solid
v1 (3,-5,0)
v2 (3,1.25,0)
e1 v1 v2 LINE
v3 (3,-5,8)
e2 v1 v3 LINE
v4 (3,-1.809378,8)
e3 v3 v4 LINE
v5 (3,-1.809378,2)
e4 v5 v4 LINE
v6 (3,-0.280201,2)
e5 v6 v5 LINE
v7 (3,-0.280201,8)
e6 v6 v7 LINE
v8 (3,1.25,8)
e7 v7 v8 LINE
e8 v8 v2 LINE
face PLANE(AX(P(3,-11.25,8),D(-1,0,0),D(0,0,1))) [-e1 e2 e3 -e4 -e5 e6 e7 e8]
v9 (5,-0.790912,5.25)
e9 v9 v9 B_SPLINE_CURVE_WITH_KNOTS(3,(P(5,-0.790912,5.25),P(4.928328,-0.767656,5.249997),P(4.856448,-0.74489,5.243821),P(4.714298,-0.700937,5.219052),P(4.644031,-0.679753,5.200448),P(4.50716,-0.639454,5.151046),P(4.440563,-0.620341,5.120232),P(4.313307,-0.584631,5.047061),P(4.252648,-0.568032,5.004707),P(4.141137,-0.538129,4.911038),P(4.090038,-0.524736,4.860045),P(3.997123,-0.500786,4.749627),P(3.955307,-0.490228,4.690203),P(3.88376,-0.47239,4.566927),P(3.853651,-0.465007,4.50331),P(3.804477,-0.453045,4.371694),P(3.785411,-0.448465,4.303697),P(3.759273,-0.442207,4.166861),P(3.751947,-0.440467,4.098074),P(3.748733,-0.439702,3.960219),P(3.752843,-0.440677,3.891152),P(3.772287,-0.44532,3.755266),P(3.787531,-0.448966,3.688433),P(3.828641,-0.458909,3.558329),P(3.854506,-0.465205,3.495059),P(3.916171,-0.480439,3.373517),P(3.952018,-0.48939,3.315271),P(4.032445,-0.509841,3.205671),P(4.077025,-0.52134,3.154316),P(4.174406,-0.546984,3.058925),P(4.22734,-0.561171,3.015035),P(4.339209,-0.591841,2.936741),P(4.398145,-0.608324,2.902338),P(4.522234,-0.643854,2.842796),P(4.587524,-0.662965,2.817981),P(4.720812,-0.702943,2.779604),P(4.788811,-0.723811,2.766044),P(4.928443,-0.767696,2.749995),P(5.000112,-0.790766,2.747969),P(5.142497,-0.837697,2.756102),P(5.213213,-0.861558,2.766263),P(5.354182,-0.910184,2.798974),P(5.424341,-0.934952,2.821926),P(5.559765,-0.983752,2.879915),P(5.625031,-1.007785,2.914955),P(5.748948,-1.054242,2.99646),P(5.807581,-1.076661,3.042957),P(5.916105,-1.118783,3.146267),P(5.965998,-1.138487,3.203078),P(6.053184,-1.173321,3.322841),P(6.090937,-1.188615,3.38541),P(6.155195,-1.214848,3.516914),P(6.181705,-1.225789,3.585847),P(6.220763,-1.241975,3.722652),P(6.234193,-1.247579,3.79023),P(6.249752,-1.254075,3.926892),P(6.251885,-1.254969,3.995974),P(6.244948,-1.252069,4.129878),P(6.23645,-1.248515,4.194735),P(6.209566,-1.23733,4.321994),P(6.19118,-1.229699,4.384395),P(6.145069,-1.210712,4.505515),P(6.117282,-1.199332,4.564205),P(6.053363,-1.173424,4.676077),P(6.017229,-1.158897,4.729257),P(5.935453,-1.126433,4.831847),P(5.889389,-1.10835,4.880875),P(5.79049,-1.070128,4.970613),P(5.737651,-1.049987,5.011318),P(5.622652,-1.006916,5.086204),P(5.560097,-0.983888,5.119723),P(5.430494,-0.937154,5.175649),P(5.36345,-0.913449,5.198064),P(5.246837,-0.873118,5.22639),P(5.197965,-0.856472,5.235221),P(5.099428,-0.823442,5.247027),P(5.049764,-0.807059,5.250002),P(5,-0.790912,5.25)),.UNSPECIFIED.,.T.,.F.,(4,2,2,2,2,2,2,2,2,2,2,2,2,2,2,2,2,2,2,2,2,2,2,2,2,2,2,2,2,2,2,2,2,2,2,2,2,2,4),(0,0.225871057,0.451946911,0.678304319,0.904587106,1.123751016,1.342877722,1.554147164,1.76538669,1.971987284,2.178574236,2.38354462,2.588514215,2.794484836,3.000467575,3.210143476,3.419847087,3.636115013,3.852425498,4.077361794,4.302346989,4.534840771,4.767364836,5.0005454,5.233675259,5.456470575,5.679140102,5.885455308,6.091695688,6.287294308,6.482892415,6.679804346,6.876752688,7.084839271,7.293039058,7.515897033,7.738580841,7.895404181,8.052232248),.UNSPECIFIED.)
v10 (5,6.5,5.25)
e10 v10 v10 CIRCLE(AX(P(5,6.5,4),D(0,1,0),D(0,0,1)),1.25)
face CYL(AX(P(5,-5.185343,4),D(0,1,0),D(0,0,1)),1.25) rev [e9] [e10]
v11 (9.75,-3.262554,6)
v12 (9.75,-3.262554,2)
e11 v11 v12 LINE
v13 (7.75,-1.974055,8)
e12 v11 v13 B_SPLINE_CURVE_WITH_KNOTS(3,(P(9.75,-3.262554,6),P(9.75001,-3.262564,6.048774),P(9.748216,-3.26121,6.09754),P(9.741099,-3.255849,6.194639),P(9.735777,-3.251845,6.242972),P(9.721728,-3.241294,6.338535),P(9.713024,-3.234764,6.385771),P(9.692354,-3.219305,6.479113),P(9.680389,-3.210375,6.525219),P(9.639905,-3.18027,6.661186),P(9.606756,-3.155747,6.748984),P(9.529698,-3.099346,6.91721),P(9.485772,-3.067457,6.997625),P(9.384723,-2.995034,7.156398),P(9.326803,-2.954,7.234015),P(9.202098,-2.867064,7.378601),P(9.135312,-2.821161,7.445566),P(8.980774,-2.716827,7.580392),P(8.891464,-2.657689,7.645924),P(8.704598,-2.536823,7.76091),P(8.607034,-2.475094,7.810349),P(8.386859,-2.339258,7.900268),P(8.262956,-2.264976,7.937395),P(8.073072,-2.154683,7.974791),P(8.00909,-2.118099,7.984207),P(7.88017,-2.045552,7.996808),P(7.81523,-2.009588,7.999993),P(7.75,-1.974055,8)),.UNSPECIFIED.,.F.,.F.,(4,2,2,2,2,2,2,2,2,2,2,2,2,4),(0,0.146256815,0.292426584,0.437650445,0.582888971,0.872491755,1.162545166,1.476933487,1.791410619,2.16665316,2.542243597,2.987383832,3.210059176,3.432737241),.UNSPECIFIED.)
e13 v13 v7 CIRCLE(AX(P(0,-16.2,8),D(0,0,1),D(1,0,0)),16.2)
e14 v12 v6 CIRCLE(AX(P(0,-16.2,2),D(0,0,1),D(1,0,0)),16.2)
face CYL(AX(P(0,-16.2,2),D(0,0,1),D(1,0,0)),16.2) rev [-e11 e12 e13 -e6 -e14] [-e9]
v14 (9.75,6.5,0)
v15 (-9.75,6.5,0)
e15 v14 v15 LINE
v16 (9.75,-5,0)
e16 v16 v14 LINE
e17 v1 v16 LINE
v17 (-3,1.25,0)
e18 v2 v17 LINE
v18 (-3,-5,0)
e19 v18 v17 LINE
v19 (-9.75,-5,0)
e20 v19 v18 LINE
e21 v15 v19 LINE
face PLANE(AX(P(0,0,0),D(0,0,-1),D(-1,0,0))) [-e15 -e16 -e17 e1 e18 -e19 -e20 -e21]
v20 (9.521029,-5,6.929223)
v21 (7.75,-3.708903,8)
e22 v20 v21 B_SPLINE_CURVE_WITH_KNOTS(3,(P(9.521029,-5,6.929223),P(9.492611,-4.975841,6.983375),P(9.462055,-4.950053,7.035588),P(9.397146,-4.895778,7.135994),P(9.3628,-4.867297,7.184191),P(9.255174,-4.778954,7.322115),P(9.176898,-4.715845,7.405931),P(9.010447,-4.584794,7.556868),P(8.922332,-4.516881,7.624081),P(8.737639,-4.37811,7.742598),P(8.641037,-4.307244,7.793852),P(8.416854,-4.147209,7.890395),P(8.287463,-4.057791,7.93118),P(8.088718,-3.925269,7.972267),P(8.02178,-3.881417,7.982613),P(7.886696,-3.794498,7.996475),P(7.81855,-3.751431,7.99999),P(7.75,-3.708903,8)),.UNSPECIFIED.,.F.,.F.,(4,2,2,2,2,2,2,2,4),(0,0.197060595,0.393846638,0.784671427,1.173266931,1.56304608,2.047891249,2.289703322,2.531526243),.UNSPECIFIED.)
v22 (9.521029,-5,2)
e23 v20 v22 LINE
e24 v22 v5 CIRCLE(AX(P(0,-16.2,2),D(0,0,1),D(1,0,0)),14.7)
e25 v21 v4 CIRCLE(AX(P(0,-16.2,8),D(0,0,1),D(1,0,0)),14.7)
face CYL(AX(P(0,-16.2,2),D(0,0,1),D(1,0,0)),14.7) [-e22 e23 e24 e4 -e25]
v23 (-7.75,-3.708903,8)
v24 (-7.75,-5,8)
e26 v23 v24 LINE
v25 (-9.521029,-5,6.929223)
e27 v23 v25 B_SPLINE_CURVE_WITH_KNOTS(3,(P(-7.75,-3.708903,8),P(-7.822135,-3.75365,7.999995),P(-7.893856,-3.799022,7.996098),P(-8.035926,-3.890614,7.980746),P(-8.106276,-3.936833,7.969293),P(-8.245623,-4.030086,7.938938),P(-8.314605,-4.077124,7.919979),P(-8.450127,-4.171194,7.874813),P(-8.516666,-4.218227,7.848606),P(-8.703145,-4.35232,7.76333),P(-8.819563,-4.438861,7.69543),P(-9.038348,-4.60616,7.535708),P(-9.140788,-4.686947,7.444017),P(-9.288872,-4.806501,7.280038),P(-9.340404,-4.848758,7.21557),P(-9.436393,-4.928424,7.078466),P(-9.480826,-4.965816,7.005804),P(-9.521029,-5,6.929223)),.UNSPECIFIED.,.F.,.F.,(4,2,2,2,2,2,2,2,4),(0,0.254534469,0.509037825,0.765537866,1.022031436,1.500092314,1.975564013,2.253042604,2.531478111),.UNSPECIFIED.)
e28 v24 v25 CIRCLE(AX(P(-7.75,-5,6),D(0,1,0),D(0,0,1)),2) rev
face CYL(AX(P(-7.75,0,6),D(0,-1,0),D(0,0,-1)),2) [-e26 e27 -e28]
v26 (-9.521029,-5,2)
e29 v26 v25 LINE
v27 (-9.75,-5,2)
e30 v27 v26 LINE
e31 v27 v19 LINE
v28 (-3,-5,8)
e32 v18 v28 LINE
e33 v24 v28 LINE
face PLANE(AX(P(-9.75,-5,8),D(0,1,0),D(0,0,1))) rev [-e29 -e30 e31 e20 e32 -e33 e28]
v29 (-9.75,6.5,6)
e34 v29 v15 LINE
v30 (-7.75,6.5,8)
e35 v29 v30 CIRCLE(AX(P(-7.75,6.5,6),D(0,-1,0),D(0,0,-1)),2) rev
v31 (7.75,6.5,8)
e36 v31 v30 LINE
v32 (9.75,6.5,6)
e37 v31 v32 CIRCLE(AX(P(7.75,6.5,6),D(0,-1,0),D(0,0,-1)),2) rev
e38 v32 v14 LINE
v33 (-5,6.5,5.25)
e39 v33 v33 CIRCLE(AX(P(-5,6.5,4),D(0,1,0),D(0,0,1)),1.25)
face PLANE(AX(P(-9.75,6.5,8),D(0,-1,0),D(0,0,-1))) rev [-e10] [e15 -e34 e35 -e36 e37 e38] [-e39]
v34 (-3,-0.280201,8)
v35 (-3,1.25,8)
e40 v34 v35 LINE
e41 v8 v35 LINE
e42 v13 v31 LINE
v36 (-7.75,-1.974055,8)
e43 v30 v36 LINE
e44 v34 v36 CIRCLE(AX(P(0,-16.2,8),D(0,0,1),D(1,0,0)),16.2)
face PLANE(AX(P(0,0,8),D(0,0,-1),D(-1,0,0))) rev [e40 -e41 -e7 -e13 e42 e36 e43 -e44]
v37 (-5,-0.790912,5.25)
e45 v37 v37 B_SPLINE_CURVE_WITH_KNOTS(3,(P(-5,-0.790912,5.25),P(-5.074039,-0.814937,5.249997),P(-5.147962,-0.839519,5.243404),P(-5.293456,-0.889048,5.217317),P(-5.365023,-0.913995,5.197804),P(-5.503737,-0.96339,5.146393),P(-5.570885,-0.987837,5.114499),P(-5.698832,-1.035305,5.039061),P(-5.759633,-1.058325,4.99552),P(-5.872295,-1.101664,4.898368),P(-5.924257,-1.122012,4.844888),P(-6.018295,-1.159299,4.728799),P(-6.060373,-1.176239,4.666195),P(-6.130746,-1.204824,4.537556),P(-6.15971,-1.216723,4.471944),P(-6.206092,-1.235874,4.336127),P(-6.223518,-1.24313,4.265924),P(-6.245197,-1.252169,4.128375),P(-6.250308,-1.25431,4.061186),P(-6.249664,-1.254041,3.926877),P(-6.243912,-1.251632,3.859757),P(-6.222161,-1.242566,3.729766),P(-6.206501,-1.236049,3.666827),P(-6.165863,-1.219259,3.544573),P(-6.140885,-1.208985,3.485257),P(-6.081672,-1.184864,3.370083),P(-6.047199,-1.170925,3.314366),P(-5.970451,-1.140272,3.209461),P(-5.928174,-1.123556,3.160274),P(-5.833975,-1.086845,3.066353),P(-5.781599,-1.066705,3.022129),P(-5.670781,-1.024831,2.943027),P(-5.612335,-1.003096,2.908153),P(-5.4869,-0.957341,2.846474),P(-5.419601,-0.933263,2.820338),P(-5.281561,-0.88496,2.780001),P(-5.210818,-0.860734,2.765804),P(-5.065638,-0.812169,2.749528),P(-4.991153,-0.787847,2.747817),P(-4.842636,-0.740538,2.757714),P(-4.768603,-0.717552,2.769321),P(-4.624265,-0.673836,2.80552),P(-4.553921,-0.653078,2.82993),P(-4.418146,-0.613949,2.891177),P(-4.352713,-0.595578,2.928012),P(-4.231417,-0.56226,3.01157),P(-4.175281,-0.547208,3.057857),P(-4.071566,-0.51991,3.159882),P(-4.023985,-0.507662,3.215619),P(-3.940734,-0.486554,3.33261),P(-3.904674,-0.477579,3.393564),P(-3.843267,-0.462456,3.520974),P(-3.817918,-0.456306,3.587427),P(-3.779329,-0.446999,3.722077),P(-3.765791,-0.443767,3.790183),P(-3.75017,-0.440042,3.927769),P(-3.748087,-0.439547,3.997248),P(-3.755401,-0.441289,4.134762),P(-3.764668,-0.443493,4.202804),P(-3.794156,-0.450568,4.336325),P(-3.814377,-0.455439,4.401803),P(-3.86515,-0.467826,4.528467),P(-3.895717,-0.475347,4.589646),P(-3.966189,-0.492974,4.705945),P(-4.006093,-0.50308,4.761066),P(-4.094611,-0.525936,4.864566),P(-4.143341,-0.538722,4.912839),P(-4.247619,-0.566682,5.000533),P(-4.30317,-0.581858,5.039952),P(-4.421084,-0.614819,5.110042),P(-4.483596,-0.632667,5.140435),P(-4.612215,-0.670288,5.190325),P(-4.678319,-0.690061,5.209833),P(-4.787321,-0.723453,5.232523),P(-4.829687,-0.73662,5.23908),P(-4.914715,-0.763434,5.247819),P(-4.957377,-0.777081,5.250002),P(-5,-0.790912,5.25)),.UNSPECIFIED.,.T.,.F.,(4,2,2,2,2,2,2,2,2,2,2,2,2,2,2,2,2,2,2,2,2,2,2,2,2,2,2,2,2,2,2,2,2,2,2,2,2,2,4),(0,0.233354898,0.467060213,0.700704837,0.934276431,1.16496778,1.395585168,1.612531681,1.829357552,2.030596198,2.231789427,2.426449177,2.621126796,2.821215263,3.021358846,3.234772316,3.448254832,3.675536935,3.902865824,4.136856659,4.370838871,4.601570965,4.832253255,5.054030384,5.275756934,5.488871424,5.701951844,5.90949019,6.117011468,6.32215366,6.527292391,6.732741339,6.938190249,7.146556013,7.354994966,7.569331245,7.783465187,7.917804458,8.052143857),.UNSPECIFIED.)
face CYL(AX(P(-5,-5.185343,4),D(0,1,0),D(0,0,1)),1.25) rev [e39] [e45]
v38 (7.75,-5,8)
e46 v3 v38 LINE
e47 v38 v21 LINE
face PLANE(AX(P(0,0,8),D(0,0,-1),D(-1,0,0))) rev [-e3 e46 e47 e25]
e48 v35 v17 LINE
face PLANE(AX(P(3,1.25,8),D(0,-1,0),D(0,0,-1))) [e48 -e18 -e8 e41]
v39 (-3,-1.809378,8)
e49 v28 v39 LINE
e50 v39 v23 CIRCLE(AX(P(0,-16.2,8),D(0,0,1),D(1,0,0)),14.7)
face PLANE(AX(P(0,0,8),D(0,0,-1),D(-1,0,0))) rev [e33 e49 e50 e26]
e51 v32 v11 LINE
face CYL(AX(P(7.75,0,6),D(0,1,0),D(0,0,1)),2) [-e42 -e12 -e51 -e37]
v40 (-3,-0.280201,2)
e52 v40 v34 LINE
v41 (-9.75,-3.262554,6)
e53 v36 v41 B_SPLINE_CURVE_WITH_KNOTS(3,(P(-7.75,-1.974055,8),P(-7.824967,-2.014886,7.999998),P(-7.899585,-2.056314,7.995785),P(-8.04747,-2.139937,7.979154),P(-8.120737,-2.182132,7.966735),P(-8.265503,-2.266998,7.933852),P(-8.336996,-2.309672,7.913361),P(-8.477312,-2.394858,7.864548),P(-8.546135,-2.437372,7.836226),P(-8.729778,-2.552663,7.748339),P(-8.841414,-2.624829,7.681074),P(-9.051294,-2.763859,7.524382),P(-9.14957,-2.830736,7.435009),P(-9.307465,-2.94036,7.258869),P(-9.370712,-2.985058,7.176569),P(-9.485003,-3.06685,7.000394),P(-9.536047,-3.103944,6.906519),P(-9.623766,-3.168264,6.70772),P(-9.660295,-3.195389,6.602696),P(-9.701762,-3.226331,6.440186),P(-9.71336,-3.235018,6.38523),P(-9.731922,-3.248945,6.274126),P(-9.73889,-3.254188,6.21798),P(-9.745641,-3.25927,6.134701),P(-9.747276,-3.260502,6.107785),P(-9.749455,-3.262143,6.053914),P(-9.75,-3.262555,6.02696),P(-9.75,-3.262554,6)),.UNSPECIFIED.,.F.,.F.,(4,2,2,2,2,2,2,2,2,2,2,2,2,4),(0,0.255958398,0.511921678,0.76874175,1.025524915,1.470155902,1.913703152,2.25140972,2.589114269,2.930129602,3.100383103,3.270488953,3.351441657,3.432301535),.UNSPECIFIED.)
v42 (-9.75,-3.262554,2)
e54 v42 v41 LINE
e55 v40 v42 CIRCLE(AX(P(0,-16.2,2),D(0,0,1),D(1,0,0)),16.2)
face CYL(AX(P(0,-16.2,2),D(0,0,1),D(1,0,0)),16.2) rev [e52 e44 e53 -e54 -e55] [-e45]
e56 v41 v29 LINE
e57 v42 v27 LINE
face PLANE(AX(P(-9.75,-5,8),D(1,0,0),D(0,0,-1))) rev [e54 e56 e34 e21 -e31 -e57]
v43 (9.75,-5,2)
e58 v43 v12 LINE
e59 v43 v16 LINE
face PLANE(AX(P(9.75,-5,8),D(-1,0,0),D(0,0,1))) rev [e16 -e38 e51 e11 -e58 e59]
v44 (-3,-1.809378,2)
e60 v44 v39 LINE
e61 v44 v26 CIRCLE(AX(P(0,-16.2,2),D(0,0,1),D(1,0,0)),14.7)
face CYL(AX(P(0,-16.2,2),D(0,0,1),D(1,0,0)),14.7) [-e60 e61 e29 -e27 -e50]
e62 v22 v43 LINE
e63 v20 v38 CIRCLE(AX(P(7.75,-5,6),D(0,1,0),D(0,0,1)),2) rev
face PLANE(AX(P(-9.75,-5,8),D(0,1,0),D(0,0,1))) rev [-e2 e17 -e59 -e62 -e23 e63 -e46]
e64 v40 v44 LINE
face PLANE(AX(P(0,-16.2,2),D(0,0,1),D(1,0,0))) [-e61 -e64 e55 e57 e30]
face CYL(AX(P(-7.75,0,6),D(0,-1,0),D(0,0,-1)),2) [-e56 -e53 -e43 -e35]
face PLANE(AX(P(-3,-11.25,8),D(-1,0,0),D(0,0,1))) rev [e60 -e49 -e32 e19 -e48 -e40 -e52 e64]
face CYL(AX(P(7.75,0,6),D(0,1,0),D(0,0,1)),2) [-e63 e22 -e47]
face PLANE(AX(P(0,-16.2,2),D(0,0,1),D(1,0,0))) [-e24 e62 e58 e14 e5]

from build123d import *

# Parameters (mm, degrees)
SKETCH1_W           = 19.5
SKETCH1_H           = 11.5
BOSS_EXTRUDE1_DEPTH = 8
FILLET1_R           = 2
SKETCH2_R           = 16.2
SKETCH2_R_2         = 14.7
CUT_EXTRUDE1_DEPTH  = 6
CUT_EXTRUDE2_REACH  = 13.5
SKETCH3_R           = 1.25
SKETCH4_W           = 6
SKETCH4_H           = 12.5
CUT_EXTRUDE3_DEPTH  = 9.0000001


with BuildPart() as part:
    # Sketch1 → Boss-Extrude1 (new body)
    with BuildSketch(Plane.XY):
        with Locations((0, 0.75)):
            Rectangle(SKETCH1_W, SKETCH1_H)
    extrude(amount=BOSS_EXTRUDE1_DEPTH)

    # Fillet1
    fillet1_edges = [part.edges().sort_by_distance(p)[0] for p in [
        (-9.75, 0.75, 8),
        (9.75, 0.75, 8),
    ]]
    fillet(fillet1_edges, radius=FILLET1_R)

    # Sketch2 → Cut-Extrude1 (cut)
    with BuildSketch(Plane.XY.offset(8)):
        with Locations((0, -16.2)):
            Circle(SKETCH2_R)
        with Locations((0, -16.2)):
            Circle(SKETCH2_R_2, mode=Mode.SUBTRACT)
    extrude(amount=-CUT_EXTRUDE1_DEPTH, mode=Mode.SUBTRACT)

    # Sketch3 → Cut-Extrude2 (cut, up to next)
    with BuildSketch(Plane(origin=(0, 6.5, 0), x_dir=(1, 0, 0), z_dir=(0, 1, 0)), mode=Mode.PRIVATE) as cut_extrude2_sk1:
        with Locations((5, -4)):
            Circle(SKETCH3_R)
    cut_extrude2_tool1 = extrude(cut_extrude2_sk1.sketch, amount=-CUT_EXTRUDE2_REACH, mode=Mode.PRIVATE) & part.part
    add(cut_extrude2_tool1.solids().sort_by_distance((5, 6.5, 4))[0], mode=Mode.SUBTRACT)
    # Sketch3 → Cut-Extrude2 (cut, up to next)
    with BuildSketch(Plane(origin=(0, 6.5, 0), x_dir=(1, 0, 0), z_dir=(0, 1, 0)), mode=Mode.PRIVATE) as cut_extrude2_sk2:
        with Locations((-5, -4)):
            Circle(SKETCH3_R)
    cut_extrude2_tool2 = extrude(cut_extrude2_sk2.sketch, amount=-CUT_EXTRUDE2_REACH, mode=Mode.PRIVATE) & part.part
    add(cut_extrude2_tool2.solids().sort_by_distance((-5, 6.5, 4))[0], mode=Mode.SUBTRACT)

    # Sketch4 → Cut-Extrude3 (cut, through all)
    with BuildSketch(Plane(origin=(0, 0, 0), x_dir=(-1, 0, 0), z_dir=(0, 0, -1))):
        with Locations((0, -5)):
            Rectangle(SKETCH4_W, SKETCH4_H)
    extrude(amount=-CUT_EXTRUDE3_DEPTH, mode=Mode.SUBTRACT)


solid = part.part
